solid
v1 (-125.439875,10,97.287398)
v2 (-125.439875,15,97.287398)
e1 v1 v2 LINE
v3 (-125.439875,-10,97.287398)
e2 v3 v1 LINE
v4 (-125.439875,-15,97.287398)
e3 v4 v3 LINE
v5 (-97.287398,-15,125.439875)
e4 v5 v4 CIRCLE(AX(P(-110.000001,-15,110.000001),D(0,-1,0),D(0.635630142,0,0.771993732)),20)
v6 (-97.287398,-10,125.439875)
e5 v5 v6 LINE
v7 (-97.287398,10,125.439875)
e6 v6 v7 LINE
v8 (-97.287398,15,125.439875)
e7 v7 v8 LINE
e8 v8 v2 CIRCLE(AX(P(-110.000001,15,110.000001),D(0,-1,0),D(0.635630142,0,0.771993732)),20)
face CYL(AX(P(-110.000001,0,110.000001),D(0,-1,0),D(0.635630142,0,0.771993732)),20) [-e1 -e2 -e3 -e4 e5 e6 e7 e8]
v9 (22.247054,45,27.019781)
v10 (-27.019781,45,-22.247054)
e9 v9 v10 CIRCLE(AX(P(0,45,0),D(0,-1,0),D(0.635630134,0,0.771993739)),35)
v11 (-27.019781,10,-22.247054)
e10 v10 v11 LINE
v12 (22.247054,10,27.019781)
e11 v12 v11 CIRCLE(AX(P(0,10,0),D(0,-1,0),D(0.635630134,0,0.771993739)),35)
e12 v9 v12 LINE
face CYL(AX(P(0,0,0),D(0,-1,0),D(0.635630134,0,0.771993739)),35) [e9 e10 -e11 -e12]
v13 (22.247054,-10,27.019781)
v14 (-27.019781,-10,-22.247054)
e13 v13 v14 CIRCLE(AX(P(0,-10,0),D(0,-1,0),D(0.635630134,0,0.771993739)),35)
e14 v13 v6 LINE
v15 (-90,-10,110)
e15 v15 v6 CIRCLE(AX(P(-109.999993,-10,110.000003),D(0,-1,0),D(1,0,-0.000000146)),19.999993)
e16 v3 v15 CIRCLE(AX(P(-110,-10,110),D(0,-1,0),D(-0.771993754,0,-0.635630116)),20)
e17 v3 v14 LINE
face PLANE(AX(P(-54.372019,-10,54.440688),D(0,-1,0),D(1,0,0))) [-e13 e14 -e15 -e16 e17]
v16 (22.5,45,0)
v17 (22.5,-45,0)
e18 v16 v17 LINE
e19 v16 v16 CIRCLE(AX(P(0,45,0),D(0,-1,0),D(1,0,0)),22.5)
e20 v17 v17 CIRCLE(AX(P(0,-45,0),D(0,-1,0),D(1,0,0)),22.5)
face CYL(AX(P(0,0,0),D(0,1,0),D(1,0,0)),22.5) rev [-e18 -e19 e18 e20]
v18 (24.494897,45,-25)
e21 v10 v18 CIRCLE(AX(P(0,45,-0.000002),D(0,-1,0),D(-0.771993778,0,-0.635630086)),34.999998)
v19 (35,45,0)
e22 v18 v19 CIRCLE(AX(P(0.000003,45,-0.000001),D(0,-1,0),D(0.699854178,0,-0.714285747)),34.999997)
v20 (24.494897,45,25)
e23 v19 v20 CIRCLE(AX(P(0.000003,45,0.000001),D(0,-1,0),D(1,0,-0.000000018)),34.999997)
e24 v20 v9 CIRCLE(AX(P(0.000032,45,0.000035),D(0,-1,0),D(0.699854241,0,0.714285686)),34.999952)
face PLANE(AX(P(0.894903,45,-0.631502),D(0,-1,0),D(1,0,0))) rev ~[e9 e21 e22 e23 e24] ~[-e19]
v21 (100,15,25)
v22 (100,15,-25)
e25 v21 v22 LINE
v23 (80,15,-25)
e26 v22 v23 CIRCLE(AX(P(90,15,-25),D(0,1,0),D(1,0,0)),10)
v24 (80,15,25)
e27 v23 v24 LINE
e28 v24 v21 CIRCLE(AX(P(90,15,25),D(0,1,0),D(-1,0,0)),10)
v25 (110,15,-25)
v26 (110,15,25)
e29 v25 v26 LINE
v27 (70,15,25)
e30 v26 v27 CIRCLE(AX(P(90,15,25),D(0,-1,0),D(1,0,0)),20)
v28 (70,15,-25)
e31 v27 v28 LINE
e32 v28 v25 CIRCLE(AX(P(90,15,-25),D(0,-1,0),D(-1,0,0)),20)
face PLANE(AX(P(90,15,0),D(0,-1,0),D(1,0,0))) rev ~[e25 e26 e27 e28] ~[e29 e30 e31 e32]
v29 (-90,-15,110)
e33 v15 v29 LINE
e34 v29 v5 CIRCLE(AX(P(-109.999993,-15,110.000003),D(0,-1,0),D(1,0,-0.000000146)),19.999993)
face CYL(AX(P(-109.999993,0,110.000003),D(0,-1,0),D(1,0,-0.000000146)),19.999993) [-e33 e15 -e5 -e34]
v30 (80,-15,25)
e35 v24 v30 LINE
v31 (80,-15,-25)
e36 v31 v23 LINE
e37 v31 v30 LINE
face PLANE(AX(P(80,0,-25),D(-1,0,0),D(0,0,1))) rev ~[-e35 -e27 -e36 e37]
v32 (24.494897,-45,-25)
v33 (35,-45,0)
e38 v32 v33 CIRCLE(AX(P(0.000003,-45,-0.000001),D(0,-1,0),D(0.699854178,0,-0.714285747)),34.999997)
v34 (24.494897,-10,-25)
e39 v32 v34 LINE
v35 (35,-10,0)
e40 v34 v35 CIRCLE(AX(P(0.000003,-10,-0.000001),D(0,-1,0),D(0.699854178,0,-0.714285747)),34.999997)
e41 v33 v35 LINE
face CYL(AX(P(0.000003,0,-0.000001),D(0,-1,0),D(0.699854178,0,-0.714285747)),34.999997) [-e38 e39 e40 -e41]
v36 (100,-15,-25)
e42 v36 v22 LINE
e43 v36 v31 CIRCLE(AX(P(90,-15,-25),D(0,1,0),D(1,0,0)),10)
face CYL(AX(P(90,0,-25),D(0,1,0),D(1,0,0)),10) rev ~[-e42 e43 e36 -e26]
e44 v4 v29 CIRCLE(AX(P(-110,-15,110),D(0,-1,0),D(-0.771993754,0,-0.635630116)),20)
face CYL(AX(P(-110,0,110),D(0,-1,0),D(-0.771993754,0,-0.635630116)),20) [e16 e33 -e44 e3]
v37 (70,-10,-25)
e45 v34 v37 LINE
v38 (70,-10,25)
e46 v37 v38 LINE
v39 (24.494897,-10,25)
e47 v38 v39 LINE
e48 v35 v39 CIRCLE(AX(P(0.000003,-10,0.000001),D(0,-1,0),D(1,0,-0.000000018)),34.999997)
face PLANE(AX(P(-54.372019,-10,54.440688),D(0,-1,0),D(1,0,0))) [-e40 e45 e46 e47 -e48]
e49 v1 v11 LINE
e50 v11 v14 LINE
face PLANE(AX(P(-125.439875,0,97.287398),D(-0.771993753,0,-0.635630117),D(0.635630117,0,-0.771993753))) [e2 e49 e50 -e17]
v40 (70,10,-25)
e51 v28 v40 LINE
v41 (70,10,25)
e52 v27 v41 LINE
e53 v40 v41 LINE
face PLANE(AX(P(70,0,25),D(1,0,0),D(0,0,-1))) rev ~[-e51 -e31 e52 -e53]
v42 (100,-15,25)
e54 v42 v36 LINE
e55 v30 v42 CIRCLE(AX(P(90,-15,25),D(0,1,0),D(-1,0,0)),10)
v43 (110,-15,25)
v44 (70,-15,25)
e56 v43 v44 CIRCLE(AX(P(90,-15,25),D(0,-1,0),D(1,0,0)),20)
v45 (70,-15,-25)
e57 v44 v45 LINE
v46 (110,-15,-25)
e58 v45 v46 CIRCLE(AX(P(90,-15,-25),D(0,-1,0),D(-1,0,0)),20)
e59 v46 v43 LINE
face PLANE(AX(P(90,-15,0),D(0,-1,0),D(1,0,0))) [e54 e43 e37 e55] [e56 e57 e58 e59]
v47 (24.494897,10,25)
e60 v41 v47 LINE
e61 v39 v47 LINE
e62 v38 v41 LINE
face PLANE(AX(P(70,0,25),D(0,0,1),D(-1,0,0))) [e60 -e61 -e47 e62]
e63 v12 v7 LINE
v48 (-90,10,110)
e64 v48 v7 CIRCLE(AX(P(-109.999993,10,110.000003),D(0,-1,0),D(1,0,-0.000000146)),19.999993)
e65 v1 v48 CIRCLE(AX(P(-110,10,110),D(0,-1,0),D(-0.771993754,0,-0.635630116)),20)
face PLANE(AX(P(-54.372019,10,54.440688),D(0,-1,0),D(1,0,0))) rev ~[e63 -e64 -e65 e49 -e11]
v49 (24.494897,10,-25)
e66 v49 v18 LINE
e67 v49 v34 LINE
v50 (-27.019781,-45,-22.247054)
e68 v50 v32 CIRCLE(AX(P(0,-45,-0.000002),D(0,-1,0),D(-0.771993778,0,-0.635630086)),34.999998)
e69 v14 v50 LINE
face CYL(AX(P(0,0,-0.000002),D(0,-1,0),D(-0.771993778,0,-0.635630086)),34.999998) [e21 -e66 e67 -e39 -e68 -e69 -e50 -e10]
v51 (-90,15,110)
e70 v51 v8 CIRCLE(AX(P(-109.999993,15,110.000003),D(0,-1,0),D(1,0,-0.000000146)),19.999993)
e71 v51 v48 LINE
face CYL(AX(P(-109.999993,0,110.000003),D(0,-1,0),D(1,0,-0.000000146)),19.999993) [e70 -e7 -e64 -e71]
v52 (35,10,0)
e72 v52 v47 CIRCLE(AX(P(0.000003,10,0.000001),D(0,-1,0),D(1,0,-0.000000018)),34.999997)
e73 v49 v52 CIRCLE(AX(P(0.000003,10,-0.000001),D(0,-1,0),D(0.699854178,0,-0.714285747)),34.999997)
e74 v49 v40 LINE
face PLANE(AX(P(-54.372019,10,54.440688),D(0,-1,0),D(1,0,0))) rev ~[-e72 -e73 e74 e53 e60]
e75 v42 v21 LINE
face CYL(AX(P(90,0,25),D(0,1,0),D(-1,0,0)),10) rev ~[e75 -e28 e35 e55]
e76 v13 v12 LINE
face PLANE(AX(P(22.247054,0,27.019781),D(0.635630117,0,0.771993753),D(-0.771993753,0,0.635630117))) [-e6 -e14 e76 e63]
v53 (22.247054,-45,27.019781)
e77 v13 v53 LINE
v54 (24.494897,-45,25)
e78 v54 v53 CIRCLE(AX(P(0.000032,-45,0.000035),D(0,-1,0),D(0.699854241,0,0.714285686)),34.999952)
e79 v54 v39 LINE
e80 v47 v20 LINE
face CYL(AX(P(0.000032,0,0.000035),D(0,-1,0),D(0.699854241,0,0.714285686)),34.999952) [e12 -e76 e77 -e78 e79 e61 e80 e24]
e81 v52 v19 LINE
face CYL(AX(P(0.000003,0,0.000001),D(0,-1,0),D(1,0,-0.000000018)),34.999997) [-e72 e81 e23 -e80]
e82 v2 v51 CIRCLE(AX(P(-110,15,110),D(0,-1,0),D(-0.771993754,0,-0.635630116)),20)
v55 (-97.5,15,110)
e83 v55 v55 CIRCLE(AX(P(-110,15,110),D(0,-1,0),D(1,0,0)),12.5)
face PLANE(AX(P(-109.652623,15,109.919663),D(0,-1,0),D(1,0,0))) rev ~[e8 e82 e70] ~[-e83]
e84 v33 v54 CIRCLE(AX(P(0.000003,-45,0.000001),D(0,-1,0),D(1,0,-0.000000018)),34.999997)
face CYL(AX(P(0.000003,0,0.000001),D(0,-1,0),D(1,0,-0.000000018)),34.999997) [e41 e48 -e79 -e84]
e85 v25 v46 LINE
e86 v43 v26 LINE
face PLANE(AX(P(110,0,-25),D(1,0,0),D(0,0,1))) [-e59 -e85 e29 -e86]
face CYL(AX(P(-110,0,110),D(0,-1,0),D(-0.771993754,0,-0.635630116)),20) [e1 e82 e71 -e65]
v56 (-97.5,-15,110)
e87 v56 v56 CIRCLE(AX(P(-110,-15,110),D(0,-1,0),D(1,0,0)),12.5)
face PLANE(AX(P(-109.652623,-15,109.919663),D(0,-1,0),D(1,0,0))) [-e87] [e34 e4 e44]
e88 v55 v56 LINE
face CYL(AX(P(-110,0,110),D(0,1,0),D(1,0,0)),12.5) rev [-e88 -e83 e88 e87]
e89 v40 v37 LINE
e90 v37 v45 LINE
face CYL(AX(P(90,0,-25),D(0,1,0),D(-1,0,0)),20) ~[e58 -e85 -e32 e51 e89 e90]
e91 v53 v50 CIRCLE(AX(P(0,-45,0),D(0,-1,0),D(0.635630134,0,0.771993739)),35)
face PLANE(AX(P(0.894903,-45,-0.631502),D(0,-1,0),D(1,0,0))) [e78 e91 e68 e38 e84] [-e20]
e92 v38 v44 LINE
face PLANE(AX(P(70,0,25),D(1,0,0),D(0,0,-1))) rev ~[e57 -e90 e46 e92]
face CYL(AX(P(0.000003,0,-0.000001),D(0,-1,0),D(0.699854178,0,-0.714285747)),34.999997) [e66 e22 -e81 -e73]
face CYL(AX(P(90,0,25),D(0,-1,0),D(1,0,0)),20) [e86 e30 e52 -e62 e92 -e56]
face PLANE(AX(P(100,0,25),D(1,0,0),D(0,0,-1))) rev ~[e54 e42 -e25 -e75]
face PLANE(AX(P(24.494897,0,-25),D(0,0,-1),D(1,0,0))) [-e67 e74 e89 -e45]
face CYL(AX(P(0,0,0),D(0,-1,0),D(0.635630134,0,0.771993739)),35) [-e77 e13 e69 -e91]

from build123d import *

# Parameters (mm, degrees)
F0_R     = 12.5
F0_R_2   = 22.5
F1_DEPTH = 10
F2_DEPTH = 15
F3_DEPTH = 45


with BuildPart() as f1:
    # F0 (on Front) → F1 (new body, symmetric)
    with BuildSketch(Plane.XZ):
        with BuildLine():
            ThreePointArc((-97.287398, 125.439875), (-91.913374, 118.536626), (-90, 110))
            ThreePointArc((-90, 110), (-103.24713, 91.174519), (-125.439875, 97.287398))
            Line((-125.439875, 97.287398), (-27.019781, -22.247054))
            ThreePointArc((-27.019781, -22.247054), (-24.748737, 24.748738), (22.247054, 27.019781))
            Line((22.247054, 27.019781), (-97.287398, 125.439875))
        make_face()
        with BuildLine():
            Line((24.700145, 25), (24.494897, 25))
            ThreePointArc((24.494897, 25), (32.267022, 13.558735), (35, 0))
            ThreePointArc((35, 0), (32.267022, -13.558735), (24.494897, -25))
            Line((24.494897, -25), (70, -25))
            Line((70, -25), (70, 25))
            Line((70, 25), (24.700145, 25))
        make_face()
        with BuildLine():
            ThreePointArc((-125.439875, 97.287398), (-103.24713, 91.174519), (-90, 110))
            ThreePointArc((-90, 110), (-91.913374, 118.536626), (-97.287398, 125.439875))
            ThreePointArc((-97.287398, 125.439875), (-124.142136, 124.142136), (-125.439875, 97.287398))
        make_face()
        with Locations((-110, 110)):
            Circle(F0_R, mode=Mode.SUBTRACT)
        with BuildLine():
            ThreePointArc((24.494897, 25), (23.392785, 26.034162), (22.247054, 27.019781))
            ThreePointArc((22.247054, 27.019781), (-24.748737, 24.748738), (-27.019781, -22.247054))
            ThreePointArc((-27.019781, -22.247054), (-1.867736, -34.95013), (24.494897, -25))
            ThreePointArc((24.494897, -25), (32.267022, -13.558735), (35, 0))
            ThreePointArc((35, 0), (32.267022, 13.558735), (24.494897, 25))
        make_face()
        Circle(F0_R_2, mode=Mode.SUBTRACT)
        with BuildLine():
            ThreePointArc((110, 25), (90, 45), (70, 25))
            Line((70, 25), (70, -25))
            ThreePointArc((70, -25), (90, -45), (110, -25))
            Line((110, -25), (110, 25))
        make_face()
        with BuildLine():
            ThreePointArc((80, 25), (90, 35), (100, 25))
            Line((100, 25), (100, -25))
            ThreePointArc((100, -25), (90, -35), (80, -25))
            Line((80, -25), (80, 25))
        make_face(mode=Mode.SUBTRACT)
    extrude(amount=F1_DEPTH, both=True)

    # F0 (on Front) → F2 (join, symmetric)
    with BuildSketch(Plane.XZ):
        with BuildLine():
            ThreePointArc((110, 25), (90, 45), (70, 25))
            Line((70, 25), (70, -25))
            ThreePointArc((70, -25), (90, -45), (110, -25))
            Line((110, -25), (110, 25))
        make_face()
        with BuildLine():
            ThreePointArc((80, 25), (90, 35), (100, 25))
            Line((100, 25), (100, -25))
            ThreePointArc((100, -25), (90, -35), (80, -25))
            Line((80, -25), (80, 25))
        make_face(mode=Mode.SUBTRACT)
        with BuildLine():
            ThreePointArc((-125.439875, 97.287398), (-103.24713, 91.174519), (-90, 110))
            ThreePointArc((-90, 110), (-91.913374, 118.536626), (-97.287398, 125.439875))
            ThreePointArc((-97.287398, 125.439875), (-124.142136, 124.142136), (-125.439875, 97.287398))
        make_face()
        with Locations((-110, 110)):
            Circle(F0_R, mode=Mode.SUBTRACT)
    extrude(amount=F2_DEPTH, both=True)

    # F0 (on Front) → F3 (join, symmetric)
    with BuildSketch(Plane.XZ):
        with BuildLine():
            ThreePointArc((24.494897, 25), (23.392785, 26.034162), (22.247054, 27.019781))
            ThreePointArc((22.247054, 27.019781), (-24.748737, 24.748738), (-27.019781, -22.247054))
            ThreePointArc((-27.019781, -22.247054), (-1.867736, -34.95013), (24.494897, -25))
            ThreePointArc((24.494897, -25), (32.267022, -13.558735), (35, 0))
            ThreePointArc((35, 0), (32.267022, 13.558735), (24.494897, 25))
        make_face()
        Circle(F0_R_2, mode=Mode.SUBTRACT)
    extrude(amount=F3_DEPTH, both=True)


solid = f1.part
